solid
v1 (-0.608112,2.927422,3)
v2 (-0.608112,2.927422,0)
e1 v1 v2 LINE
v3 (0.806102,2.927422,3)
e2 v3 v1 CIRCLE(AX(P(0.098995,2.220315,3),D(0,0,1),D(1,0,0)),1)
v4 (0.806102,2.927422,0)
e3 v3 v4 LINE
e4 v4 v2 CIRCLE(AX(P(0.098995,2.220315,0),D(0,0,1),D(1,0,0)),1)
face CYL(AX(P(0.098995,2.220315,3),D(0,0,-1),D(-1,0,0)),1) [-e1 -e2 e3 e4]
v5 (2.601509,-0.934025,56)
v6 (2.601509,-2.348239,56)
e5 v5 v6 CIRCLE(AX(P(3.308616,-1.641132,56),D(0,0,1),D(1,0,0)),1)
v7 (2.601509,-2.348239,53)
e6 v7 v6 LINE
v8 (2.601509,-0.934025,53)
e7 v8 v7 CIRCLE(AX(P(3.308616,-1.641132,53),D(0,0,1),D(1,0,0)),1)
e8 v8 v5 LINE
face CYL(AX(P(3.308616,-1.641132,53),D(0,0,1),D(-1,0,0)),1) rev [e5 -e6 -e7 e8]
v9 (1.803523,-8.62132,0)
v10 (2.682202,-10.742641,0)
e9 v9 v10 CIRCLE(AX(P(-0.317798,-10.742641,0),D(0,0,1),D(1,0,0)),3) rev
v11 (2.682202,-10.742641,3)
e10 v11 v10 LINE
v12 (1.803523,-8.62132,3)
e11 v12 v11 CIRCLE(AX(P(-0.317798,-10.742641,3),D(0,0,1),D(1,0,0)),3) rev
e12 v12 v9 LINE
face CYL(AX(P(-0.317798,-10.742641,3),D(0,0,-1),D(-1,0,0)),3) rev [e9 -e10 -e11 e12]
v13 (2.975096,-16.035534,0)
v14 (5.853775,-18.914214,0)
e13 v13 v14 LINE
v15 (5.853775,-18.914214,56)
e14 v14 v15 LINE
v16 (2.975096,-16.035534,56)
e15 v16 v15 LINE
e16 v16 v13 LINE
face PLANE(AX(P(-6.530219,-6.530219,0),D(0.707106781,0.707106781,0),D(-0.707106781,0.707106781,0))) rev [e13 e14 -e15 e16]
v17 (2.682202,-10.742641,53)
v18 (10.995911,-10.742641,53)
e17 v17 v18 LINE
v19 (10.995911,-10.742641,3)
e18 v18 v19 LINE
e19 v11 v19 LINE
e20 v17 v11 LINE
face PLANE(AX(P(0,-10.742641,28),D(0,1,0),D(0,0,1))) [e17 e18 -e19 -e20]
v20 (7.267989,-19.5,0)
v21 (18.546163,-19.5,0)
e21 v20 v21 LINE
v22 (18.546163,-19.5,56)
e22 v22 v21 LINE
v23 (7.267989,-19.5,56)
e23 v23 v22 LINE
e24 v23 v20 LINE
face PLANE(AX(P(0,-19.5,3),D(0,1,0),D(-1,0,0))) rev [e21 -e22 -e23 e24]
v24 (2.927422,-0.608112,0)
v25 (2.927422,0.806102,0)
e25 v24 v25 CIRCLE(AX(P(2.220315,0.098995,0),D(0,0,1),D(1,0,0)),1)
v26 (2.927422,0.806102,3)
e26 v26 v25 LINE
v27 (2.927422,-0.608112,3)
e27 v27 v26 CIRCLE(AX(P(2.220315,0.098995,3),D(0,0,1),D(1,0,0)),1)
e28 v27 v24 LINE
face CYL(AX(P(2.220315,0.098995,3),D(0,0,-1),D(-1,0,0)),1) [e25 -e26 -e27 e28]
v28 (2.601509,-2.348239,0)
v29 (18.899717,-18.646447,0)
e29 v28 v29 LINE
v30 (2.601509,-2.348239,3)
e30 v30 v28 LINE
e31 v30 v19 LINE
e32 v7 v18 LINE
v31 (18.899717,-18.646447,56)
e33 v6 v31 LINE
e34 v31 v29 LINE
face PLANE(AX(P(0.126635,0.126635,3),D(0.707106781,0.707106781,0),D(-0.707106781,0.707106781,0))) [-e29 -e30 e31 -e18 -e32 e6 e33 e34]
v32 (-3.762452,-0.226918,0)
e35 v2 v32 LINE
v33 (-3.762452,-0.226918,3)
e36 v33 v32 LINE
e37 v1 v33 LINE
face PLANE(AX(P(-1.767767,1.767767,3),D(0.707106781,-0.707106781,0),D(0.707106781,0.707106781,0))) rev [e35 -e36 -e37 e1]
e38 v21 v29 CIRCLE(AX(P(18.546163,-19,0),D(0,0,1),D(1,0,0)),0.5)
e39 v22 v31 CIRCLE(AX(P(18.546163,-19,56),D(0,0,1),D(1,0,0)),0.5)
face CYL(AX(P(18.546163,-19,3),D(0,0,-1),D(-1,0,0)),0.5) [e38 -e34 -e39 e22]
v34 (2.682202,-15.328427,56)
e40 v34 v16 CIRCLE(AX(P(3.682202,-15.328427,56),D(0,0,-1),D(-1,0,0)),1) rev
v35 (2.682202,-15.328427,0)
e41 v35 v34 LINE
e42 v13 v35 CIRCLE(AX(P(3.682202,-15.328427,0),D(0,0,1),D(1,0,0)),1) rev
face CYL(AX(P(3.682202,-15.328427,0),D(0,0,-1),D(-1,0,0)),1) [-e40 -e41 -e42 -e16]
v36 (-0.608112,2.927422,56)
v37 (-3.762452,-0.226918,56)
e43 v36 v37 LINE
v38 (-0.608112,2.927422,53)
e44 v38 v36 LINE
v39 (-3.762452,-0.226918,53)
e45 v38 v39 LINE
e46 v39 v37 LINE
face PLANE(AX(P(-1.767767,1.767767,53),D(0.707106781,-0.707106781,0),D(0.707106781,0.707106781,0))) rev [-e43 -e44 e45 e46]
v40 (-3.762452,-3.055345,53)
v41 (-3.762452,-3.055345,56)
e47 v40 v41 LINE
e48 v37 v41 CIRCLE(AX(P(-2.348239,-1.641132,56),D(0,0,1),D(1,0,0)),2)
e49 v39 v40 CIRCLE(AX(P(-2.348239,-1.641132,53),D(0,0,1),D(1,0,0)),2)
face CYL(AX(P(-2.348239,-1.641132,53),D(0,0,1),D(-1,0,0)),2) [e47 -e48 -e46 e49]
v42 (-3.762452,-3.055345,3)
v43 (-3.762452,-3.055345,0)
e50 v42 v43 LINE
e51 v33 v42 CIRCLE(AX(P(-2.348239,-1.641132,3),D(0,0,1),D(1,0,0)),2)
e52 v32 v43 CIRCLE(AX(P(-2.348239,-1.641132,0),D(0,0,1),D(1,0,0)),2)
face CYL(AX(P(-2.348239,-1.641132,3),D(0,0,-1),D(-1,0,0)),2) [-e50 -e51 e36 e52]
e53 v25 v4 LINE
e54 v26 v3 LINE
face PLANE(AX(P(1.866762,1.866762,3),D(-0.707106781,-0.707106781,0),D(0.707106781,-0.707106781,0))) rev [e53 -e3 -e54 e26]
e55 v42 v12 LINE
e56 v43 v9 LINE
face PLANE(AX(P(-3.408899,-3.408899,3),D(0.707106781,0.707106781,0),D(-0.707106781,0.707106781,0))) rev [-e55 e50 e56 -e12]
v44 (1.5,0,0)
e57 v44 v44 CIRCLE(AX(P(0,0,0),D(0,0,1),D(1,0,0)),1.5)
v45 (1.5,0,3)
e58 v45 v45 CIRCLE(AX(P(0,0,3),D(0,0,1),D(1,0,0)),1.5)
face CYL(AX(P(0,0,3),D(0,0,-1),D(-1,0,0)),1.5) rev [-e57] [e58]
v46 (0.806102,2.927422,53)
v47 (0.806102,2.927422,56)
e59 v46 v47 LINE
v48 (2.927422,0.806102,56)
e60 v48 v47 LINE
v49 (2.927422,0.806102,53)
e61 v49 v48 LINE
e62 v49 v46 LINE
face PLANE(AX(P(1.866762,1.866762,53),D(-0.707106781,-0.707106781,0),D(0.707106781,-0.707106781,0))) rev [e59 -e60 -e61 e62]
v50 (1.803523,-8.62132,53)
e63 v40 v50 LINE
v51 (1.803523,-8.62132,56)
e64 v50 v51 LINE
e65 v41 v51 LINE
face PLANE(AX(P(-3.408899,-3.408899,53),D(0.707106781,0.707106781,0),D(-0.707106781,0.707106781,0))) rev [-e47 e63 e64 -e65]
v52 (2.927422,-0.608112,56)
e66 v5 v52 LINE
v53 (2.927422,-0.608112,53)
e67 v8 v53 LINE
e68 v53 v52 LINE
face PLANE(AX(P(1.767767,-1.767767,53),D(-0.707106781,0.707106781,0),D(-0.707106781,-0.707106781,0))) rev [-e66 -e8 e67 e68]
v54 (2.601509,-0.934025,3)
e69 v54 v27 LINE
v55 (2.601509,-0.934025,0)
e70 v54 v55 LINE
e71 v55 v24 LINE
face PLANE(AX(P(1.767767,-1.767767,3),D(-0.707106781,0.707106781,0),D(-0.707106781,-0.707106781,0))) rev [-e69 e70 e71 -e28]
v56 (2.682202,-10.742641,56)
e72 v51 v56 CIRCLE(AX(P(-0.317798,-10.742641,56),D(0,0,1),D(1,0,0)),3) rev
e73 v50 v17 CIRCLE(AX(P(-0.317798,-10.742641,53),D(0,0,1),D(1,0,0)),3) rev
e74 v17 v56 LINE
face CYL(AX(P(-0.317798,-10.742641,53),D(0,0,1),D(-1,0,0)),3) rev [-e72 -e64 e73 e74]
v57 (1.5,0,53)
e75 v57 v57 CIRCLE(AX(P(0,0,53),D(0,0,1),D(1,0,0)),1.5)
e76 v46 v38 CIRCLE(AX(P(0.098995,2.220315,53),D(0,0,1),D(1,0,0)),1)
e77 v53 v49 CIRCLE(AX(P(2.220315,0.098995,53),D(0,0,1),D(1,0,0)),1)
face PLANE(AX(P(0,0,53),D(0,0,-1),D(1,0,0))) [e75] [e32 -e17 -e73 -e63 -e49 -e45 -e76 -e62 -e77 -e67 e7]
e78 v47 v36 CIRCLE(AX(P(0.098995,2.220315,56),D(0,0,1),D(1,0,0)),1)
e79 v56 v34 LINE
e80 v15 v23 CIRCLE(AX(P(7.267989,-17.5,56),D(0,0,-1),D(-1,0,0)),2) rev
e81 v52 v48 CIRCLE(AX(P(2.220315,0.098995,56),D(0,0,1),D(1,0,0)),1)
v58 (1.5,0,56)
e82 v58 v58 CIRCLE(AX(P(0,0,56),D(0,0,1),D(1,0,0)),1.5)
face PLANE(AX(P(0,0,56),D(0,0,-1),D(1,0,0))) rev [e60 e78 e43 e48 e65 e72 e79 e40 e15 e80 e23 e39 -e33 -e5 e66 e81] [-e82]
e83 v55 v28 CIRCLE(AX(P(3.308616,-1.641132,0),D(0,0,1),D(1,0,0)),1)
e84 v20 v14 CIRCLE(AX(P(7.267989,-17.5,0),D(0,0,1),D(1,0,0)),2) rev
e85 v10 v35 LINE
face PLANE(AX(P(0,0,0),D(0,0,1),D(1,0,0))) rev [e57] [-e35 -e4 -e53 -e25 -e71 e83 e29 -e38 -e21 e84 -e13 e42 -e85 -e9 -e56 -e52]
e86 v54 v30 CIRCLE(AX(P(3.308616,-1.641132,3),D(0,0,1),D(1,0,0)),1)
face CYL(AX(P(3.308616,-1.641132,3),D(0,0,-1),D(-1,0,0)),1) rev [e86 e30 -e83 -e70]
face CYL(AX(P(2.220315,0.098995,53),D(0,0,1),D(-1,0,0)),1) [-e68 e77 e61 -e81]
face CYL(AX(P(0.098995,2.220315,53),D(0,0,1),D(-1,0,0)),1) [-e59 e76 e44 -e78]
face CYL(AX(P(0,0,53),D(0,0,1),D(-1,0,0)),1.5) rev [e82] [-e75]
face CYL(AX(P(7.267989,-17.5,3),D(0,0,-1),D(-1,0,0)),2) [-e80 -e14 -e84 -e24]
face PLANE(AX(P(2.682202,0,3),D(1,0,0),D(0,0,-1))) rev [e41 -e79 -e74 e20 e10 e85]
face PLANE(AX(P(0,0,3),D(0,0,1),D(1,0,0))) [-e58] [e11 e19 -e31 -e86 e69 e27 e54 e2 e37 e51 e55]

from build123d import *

# Parameters (mm, degrees)
SKETCH1_R           = 1.5
BOSS_EXTRUDE1_DEPTH = 3
BOSS_EXTRUDE2_DEPTH = 25
SKETCH6_W           = 56
SKETCH6_H           = 9.11547301
CUT_EXTRUDE1_DEPTH  = 63.91555103
FILLET1_R           = 2
FILLET2_R           = 1


with BuildPart() as part:
    # Sketch1 → Boss-Extrude1 (new body)
    with BuildSketch(Plane.XY):
        with BuildLine():
            Line((-3.762452186, -3.055345405), (1.803522753, -8.621320344))
            ThreePointArc((1.803522753, -8.621320344), (2.453841007, -9.59459039), (2.68220241, -10.742640687))
            Line((2.68220241, -10.742640687), (2.68220241, -18.5))
            ThreePointArc((2.68220241, -18.5), (2.975095629, -19.207106781), (3.68220241, -19.5))
            Line((3.68220241, -19.5), (18.54616344, -19.5))
            ThreePointArc((18.54616344, -19.5), (19.008103207, -19.191341716), (18.899716831, -18.646446609))
            Line((18.899716831, -18.646446609), (2.601508845, -2.348238623))
            ThreePointArc((2.601508845, -2.348238623), (2.308615626, -1.641131842), (2.601508845, -0.934025061))
            Line((2.601508845, -0.934025061), (2.927422074, -0.608111832))
            ThreePointArc((2.927422074, -0.608111832), (3.220315293, 0.098994949), (2.927422074, 0.806101731))
            Line((2.927422074, 0.806101731), (0.806101731, 2.927422074))
            ThreePointArc((0.806101731, 2.927422074), (0.098994949, 3.220315293), (-0.608111832, 2.927422074))
            Line((-0.608111832, 2.927422074), (-1.641131842, 1.894402064))
            Line((-1.641131842, 1.894402064), (-3.762452186, -0.22691828))
            ThreePointArc((-3.762452186, -0.22691828), (-4.348238623, -1.641131842), (-3.762452186, -3.055345405))
        make_face()
        Circle(SKETCH1_R, mode=Mode.SUBTRACT)
    boss_extrude1 = extrude(amount=BOSS_EXTRUDE1_DEPTH)

    # Sketch2 → Boss-Extrude2 (add)
    with BuildSketch(Plane.XY.offset(3)):
        with BuildLine():
            Line((18.899716831, -18.646446609), (10.995910909, -10.742640687))
            Line((10.995910909, -10.742640687), (2.68220241, -10.742640687))
            Line((2.68220241, -10.742640687), (2.68220241, -18.5))
            ThreePointArc((2.68220241, -18.5), (2.975095629, -19.207106781), (3.68220241, -19.5))
            Line((3.68220241, -19.5), (18.54616344, -19.5))
            ThreePointArc((18.54616344, -19.5), (19.008103207, -19.191341716), (18.899716831, -18.646446609))
        make_face()
    boss_extrude2 = extrude(amount=BOSS_EXTRUDE2_DEPTH)

    # Mirror1: Boss-Extrude1, Boss-Extrude2 across plane
    add(boss_extrude1.mirror(Plane.XY.offset(28)))
    add(boss_extrude2.mirror(Plane.XY.offset(28)))

    # Sketch6 → Cut-Extrude1 (cut, through all)
    with BuildSketch(Plane(origin=(-6.530219139, -6.530219139, 0), x_dir=(0, 0, 1), z_dir=(-0.7071067811865487, -0.7071067811865465, 0))):
        with Locations((28, -17.586068001)):
            Rectangle(SKETCH6_W, SKETCH6_H)
    extrude(amount=CUT_EXTRUDE1_DEPTH, mode=Mode.SUBTRACT)

    # Fillet1
    fillet1_edges = [part.edges().sort_by_distance(p)[0] for p in [
        (6.439561723, -19.5, 28),
    ]]
    fillet(fillet1_edges, radius=FILLET1_R)

    # Fillet2
    fillet2_edges = [part.edges().sort_by_distance(p)[0] for p in [
        (2.68220241, -15.742640687, 28),
    ]]
    fillet(fillet2_edges, radius=FILLET2_R)


solid = part.part
